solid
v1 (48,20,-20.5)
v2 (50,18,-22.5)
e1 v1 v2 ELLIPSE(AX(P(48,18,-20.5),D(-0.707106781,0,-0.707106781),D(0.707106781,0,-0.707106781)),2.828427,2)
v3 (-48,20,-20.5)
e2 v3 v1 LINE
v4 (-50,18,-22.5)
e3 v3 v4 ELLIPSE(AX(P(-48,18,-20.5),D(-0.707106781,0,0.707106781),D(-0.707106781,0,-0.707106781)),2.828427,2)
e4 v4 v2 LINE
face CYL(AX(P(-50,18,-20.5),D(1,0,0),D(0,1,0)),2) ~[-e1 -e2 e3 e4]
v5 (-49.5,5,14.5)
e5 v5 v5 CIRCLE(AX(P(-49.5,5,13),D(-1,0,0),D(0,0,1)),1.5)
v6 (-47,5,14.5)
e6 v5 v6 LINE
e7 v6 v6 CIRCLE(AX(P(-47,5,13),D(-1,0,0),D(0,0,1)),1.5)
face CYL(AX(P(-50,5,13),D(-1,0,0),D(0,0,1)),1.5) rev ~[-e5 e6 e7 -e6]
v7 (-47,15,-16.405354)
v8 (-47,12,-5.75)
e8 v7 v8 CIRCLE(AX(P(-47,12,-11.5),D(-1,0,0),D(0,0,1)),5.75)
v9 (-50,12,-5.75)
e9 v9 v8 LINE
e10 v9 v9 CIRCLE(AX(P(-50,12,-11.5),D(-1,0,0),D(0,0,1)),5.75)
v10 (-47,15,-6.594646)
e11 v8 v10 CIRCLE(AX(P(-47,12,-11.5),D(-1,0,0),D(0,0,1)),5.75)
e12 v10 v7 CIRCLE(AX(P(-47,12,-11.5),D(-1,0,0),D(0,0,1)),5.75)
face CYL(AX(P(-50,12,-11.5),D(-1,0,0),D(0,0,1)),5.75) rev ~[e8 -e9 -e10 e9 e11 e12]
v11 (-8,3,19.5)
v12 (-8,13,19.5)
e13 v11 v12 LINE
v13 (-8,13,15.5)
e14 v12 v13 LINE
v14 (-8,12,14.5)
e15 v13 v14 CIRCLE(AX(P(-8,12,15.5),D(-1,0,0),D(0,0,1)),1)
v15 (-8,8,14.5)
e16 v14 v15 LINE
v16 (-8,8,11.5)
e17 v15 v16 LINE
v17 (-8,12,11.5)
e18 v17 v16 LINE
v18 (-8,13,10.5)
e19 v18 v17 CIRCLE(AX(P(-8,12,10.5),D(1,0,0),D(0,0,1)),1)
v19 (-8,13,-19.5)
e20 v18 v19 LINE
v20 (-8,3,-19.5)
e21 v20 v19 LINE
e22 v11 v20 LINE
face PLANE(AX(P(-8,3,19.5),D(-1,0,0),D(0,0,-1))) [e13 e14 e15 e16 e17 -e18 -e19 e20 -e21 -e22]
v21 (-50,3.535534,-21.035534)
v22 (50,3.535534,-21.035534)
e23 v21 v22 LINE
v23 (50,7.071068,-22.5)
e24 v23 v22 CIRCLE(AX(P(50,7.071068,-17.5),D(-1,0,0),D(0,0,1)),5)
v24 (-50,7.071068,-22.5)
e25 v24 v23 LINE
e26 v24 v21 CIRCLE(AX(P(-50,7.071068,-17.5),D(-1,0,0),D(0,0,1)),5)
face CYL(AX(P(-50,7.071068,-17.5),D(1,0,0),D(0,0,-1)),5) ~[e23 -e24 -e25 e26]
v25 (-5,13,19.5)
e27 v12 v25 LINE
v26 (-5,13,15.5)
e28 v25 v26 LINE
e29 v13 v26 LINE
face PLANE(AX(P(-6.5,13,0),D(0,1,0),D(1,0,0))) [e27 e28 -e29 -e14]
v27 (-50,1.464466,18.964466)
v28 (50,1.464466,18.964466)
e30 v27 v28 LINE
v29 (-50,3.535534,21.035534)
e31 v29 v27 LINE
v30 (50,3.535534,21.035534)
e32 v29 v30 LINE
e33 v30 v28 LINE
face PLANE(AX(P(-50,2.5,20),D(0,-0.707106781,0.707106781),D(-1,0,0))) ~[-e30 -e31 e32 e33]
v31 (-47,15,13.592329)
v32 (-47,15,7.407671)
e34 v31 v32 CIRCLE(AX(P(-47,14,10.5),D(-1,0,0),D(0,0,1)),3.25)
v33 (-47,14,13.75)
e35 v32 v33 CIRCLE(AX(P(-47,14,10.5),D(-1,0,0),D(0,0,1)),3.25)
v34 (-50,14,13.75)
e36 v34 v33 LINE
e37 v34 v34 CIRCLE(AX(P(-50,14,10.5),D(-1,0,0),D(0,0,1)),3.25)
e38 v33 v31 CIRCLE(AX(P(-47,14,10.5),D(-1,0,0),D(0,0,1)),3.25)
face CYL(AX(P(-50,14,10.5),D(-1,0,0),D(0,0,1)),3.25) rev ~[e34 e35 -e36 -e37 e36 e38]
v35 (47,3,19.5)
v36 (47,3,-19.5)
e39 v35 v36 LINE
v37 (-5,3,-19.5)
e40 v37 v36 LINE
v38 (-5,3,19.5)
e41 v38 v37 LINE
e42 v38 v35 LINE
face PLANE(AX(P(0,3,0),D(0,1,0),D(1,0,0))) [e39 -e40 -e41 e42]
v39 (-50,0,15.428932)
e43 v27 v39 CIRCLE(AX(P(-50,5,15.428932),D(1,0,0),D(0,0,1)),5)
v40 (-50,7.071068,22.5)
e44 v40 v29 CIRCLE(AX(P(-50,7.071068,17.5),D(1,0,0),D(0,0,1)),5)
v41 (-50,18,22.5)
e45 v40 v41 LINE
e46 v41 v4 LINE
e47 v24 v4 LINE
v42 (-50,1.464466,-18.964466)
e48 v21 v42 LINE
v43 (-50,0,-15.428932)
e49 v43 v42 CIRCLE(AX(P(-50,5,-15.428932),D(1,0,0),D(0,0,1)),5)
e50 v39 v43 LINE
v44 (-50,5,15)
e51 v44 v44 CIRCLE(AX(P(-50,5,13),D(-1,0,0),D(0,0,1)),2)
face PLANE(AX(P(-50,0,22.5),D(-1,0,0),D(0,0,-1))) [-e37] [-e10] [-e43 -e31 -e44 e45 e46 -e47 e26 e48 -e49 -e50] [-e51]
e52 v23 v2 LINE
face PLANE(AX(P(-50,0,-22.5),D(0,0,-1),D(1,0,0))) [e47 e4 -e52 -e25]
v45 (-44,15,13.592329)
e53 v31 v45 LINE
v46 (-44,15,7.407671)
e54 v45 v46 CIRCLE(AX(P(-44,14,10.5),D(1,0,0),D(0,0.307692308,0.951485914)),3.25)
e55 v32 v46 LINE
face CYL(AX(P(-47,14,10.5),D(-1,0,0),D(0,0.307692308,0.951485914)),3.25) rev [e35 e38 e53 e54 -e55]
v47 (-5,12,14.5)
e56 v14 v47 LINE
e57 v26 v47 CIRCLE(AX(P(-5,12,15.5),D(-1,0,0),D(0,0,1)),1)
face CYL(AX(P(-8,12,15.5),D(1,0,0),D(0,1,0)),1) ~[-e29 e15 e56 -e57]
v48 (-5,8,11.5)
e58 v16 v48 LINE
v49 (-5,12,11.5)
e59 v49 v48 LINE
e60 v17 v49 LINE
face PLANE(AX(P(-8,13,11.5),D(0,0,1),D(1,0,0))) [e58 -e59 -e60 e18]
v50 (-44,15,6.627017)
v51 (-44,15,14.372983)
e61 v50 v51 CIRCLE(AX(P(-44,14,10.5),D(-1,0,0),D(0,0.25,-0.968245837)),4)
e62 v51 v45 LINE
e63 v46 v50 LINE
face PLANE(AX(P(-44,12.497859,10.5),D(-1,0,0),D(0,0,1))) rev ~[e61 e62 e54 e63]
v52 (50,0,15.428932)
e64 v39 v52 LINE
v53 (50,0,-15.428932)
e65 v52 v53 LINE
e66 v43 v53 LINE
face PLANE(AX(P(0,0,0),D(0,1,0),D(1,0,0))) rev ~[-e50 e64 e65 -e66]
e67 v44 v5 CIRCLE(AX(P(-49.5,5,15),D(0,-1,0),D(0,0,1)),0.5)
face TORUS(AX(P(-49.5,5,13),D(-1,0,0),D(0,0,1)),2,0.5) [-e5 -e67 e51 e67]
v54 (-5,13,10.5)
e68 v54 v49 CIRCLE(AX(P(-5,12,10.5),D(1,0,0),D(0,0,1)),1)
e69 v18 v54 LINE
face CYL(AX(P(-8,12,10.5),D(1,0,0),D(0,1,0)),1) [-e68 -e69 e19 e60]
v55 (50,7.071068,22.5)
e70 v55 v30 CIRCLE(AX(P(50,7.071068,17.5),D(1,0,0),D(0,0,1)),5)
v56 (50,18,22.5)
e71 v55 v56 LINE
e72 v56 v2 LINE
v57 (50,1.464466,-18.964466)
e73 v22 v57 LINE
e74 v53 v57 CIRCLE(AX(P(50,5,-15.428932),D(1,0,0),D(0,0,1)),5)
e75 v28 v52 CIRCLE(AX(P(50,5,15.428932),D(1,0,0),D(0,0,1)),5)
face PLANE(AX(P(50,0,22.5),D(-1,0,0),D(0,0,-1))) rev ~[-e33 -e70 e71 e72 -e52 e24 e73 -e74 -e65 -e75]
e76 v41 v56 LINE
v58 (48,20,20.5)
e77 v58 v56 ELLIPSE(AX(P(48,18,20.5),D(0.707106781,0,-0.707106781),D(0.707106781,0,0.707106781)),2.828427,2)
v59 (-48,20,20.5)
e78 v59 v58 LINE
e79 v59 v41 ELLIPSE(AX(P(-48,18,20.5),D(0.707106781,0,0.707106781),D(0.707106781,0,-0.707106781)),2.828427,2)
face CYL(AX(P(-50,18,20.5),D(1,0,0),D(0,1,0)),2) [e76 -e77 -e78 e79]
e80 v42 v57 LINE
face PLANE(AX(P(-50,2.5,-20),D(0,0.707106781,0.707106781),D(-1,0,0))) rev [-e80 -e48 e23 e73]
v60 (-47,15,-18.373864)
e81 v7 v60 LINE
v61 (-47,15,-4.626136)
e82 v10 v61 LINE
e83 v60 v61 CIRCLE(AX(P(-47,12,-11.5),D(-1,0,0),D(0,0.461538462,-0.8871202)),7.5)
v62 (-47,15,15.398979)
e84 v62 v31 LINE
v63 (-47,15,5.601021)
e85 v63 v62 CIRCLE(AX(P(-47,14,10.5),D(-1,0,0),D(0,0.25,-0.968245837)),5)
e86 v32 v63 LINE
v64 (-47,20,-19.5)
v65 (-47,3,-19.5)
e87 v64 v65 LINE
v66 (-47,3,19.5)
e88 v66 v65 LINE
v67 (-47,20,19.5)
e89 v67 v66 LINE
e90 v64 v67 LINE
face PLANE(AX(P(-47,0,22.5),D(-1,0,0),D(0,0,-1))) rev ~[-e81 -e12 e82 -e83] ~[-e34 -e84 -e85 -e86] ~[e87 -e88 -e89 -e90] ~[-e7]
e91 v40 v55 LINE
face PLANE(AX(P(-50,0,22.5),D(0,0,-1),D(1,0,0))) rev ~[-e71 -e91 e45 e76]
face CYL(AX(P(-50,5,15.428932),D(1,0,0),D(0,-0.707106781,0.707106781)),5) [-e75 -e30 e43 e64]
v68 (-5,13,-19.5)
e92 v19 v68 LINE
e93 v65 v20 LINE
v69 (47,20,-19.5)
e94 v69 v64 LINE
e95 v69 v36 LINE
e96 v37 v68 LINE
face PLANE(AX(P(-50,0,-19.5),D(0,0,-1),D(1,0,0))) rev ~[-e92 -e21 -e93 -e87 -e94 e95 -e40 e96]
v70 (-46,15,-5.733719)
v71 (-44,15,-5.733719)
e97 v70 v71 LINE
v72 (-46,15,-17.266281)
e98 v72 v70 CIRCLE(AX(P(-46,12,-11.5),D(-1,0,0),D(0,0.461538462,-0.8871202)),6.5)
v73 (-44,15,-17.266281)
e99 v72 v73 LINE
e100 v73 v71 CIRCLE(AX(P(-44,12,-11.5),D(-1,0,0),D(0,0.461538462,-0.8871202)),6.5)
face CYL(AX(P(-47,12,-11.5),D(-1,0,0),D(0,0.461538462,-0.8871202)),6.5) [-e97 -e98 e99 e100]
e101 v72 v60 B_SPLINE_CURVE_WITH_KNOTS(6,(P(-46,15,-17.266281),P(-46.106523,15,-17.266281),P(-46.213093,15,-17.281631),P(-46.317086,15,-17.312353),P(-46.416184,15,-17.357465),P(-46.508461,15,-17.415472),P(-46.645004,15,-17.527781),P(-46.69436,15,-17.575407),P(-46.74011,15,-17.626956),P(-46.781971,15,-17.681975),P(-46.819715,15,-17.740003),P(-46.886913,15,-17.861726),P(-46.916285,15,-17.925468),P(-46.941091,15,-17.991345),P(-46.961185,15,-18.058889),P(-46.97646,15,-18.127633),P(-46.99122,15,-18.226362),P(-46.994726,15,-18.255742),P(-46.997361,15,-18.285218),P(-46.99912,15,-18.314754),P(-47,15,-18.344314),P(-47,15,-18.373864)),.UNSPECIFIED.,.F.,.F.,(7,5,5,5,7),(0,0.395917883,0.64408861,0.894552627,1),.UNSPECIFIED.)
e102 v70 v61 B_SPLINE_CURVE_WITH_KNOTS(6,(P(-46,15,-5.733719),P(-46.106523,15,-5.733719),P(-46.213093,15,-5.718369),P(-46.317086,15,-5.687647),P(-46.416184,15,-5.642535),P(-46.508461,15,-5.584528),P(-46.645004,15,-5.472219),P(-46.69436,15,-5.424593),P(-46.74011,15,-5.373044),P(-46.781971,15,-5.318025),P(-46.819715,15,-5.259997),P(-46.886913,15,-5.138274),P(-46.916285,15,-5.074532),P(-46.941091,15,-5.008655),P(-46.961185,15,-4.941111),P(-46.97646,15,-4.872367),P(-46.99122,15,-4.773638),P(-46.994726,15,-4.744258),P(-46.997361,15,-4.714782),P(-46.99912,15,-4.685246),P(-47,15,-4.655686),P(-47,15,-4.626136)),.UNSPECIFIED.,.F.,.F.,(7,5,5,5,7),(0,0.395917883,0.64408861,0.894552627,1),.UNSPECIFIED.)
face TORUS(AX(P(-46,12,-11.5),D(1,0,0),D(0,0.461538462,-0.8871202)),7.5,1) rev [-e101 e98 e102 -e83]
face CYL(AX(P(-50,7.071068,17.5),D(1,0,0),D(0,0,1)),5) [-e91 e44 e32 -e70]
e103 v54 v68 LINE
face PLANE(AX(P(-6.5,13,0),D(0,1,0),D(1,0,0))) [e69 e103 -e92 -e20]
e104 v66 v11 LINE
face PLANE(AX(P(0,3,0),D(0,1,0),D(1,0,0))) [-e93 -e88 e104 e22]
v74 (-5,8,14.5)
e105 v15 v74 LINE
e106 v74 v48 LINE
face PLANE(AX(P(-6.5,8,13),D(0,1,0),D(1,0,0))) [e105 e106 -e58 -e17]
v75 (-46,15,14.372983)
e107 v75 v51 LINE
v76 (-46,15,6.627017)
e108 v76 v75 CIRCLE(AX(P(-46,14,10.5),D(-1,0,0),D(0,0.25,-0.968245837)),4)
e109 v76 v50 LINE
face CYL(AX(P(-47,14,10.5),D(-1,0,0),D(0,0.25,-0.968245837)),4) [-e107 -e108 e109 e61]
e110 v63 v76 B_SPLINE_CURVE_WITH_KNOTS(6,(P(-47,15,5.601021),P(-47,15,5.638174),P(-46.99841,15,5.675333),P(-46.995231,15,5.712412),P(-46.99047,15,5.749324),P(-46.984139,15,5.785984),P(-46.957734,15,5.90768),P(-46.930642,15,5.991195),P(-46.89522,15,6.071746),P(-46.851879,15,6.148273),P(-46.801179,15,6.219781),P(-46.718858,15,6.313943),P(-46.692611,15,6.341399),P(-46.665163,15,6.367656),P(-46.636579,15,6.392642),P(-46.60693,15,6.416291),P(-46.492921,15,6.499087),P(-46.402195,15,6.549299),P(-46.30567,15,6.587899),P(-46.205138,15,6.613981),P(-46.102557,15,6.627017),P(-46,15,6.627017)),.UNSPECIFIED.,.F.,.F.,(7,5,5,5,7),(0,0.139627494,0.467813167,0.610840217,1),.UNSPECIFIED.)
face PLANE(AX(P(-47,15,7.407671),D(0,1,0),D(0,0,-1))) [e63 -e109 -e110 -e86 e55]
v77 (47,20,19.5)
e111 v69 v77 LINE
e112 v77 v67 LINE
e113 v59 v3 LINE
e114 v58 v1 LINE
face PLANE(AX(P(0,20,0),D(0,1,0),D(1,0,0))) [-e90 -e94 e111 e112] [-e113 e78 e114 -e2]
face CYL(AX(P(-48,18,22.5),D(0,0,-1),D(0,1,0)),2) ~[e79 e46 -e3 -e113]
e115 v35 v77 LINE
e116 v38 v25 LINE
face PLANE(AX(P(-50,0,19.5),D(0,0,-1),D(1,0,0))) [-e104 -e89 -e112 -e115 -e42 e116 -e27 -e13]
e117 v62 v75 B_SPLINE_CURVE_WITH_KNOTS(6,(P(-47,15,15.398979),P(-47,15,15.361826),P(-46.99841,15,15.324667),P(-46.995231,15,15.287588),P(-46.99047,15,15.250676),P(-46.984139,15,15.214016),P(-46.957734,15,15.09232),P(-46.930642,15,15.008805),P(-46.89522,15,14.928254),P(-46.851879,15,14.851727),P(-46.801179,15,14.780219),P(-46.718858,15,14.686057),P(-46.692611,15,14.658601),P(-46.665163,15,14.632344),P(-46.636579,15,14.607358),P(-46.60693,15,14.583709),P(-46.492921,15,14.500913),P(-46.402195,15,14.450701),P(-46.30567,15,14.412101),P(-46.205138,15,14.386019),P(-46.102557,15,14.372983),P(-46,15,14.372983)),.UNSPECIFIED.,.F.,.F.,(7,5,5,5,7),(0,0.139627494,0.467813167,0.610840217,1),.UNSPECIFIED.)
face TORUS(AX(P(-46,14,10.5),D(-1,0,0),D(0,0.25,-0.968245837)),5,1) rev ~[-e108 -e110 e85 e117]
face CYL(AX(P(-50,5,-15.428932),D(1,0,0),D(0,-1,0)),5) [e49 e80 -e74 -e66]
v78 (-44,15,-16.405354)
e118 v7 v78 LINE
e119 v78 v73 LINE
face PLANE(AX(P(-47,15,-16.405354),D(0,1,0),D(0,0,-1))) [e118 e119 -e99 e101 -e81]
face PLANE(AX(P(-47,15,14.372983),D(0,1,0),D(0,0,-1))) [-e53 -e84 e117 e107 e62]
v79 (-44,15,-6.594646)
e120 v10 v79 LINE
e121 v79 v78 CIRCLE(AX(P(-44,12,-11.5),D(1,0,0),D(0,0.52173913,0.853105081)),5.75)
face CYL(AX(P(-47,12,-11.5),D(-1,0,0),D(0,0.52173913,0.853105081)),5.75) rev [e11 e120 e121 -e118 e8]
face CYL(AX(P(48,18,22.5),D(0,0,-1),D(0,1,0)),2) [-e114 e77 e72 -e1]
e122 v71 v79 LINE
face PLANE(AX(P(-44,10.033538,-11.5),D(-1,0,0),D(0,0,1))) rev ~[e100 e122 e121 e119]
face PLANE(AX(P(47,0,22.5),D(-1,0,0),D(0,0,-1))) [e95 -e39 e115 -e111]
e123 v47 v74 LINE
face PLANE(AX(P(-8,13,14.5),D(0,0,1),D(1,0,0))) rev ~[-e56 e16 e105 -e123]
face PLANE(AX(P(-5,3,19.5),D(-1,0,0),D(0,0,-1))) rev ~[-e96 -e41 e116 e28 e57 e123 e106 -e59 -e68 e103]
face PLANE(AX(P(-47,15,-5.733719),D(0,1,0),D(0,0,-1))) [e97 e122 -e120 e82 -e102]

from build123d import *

# Parameters (mm, degrees)
SKETCH1_W           = 100
SKETCH1_H           = 45
BOSS_EXTRUDE1_DEPTH = 20
SHELL1_T            = -3
CHAMFER1_SIZE       = 5
FILLET1_R           = 5
SKETCH2_R           = 5.75
SKETCH2_R_2         = 3.25
CUT_EXTRUDE1_DEPTH  = 20
SKETCH3_R           = 1.5
CUT_EXTRUDE2_DEPTH  = 10
BOSS_EXTRUDE2_DEPTH = 3
FILLET2_R           = 1
SKETCH5_W           = 3
SKETCH5_H           = 39
BOSS_EXTRUDE3_DEPTH = 10
SKETCH6_W           = 3
SKETCH6_H           = 3
CUT_EXTRUDE3_DEPTH  = 5
FILLET3_R           = 1
FILLET4_R           = 2
FILLET6_R           = 0.5


with BuildPart() as part:
    # Sketch1 → Boss-Extrude1 (new body)
    with BuildSketch(Plane(origin=(0, 0, 0), x_dir=(1, 0, 0), z_dir=(0, 1, 0))):
        Rectangle(SKETCH1_W, SKETCH1_H)
    extrude(amount=BOSS_EXTRUDE1_DEPTH)

    # Shell1
    shell1_openings = [part.faces().sort_by_distance(p)[0] for p in [
        (0, 20, 0),
    ]]
    offset(amount=SHELL1_T, openings=shell1_openings, kind=Kind.INTERSECTION)

    # Chamfer1
    chamfer1_edges = [part.edges().sort_by_distance(p)[0] for p in [
        (0, 0, 22.5),
        (0, 0, -22.5),
    ]]
    chamfer(chamfer1_edges, length=CHAMFER1_SIZE)

    # Fillet1
    fillet1_edges = [part.edges().sort_by_distance(p)[0] for p in [
        (0, 5, -22.5),
        (0, 0, 17.5),
        (0, 0, -17.5),
        (0, 5, 22.5),
    ]]
    fillet(fillet1_edges, radius=FILLET1_R)

    # Sketch2 → Cut-Extrude1 (cut)
    with BuildSketch(Plane.ZY.offset(50)):
        with Locations((-11.5, 12)):
            Circle(SKETCH2_R)
        with Locations((10.5, 14)):
            Circle(SKETCH2_R_2)
    extrude(amount=-CUT_EXTRUDE1_DEPTH, mode=Mode.SUBTRACT)

    # Sketch3 → Cut-Extrude2 (cut)
    with BuildSketch(Plane.ZY.offset(50)):
        with Locations((13, 5)):
            Circle(SKETCH3_R)
    extrude(amount=-CUT_EXTRUDE2_DEPTH, mode=Mode.SUBTRACT)

    # Sketch4 → Boss-Extrude2 (add)
    with BuildSketch(Plane(origin=(-47, 0, 0), x_dir=(0, 0, -1), z_dir=(1, 0, 0))):
        with BuildLine():
            Line((5.733718703, 15), (6.594645782, 15))
            ThreePointArc((6.594645782, 15), (11.5, 6.25), (16.405354218, 15))
            Line((16.405354218, 15), (17.266281297, 15))
            ThreePointArc((17.266281297, 15), (11.5, 5.5), (5.733718703, 15))
        make_face()
        with BuildLine():
            Line((-14.372983346, 15), (-13.592329219, 15))
            ThreePointArc((-13.592329219, 15), (-10.5, 10.75), (-7.407670781, 15))
            Line((-7.407670781, 15), (-6.627016654, 15))
            ThreePointArc((-6.627016654, 15), (-10.5, 10), (-14.372983346, 15))
        make_face()
    extrude(amount=BOSS_EXTRUDE2_DEPTH)

    # Fillet2
    fillet2_edges = [part.edges().sort_by_distance(p)[0] for p in [
        (-47, 5.5, -11.5),
        (-47, 10, 10.5),
    ]]
    fillet(fillet2_edges, radius=FILLET2_R)

    # Sketch5 → Boss-Extrude3 (add)
    with BuildSketch(Plane(origin=(0, 3, 0), x_dir=(1, 0, 0), z_dir=(0, 1, 0))):
        with Locations((-6.5, 0)):
            Rectangle(SKETCH5_W, SKETCH5_H)
    extrude(amount=BOSS_EXTRUDE3_DEPTH)

    # Sketch6 → Cut-Extrude3 (cut)
    with BuildSketch(Plane(origin=(0, 13, 0), x_dir=(1, 0, 0), z_dir=(0, 1, 0))):
        with Locations((-6.5, -13)):
            Rectangle(SKETCH6_W, SKETCH6_H)
    extrude(amount=-CUT_EXTRUDE3_DEPTH, mode=Mode.SUBTRACT)

    # Fillet3
    fillet3_edges = [part.edges().sort_by_distance(p)[0] for p in [
        (-6.5, 13, 14.5),
        (-6.5, 13, 11.5),
    ]]
    fillet(fillet3_edges, radius=FILLET3_R)

    # Fillet4
    fillet4_edges = [part.edges().sort_by_distance(p)[0] for p in [
        (-50, 20, 0),
        (0, 20, 22.5),
        (50, 20, 0),
        (0, 20, -22.5),
    ]]
    fillet(fillet4_edges, radius=FILLET4_R)

    # Fillet6
    fillet6_edges = [part.edges().sort_by_distance(p)[0] for p in [
        (-50, 5, 11.5),
    ]]
    fillet(fillet6_edges, radius=FILLET6_R)


solid = part.part
